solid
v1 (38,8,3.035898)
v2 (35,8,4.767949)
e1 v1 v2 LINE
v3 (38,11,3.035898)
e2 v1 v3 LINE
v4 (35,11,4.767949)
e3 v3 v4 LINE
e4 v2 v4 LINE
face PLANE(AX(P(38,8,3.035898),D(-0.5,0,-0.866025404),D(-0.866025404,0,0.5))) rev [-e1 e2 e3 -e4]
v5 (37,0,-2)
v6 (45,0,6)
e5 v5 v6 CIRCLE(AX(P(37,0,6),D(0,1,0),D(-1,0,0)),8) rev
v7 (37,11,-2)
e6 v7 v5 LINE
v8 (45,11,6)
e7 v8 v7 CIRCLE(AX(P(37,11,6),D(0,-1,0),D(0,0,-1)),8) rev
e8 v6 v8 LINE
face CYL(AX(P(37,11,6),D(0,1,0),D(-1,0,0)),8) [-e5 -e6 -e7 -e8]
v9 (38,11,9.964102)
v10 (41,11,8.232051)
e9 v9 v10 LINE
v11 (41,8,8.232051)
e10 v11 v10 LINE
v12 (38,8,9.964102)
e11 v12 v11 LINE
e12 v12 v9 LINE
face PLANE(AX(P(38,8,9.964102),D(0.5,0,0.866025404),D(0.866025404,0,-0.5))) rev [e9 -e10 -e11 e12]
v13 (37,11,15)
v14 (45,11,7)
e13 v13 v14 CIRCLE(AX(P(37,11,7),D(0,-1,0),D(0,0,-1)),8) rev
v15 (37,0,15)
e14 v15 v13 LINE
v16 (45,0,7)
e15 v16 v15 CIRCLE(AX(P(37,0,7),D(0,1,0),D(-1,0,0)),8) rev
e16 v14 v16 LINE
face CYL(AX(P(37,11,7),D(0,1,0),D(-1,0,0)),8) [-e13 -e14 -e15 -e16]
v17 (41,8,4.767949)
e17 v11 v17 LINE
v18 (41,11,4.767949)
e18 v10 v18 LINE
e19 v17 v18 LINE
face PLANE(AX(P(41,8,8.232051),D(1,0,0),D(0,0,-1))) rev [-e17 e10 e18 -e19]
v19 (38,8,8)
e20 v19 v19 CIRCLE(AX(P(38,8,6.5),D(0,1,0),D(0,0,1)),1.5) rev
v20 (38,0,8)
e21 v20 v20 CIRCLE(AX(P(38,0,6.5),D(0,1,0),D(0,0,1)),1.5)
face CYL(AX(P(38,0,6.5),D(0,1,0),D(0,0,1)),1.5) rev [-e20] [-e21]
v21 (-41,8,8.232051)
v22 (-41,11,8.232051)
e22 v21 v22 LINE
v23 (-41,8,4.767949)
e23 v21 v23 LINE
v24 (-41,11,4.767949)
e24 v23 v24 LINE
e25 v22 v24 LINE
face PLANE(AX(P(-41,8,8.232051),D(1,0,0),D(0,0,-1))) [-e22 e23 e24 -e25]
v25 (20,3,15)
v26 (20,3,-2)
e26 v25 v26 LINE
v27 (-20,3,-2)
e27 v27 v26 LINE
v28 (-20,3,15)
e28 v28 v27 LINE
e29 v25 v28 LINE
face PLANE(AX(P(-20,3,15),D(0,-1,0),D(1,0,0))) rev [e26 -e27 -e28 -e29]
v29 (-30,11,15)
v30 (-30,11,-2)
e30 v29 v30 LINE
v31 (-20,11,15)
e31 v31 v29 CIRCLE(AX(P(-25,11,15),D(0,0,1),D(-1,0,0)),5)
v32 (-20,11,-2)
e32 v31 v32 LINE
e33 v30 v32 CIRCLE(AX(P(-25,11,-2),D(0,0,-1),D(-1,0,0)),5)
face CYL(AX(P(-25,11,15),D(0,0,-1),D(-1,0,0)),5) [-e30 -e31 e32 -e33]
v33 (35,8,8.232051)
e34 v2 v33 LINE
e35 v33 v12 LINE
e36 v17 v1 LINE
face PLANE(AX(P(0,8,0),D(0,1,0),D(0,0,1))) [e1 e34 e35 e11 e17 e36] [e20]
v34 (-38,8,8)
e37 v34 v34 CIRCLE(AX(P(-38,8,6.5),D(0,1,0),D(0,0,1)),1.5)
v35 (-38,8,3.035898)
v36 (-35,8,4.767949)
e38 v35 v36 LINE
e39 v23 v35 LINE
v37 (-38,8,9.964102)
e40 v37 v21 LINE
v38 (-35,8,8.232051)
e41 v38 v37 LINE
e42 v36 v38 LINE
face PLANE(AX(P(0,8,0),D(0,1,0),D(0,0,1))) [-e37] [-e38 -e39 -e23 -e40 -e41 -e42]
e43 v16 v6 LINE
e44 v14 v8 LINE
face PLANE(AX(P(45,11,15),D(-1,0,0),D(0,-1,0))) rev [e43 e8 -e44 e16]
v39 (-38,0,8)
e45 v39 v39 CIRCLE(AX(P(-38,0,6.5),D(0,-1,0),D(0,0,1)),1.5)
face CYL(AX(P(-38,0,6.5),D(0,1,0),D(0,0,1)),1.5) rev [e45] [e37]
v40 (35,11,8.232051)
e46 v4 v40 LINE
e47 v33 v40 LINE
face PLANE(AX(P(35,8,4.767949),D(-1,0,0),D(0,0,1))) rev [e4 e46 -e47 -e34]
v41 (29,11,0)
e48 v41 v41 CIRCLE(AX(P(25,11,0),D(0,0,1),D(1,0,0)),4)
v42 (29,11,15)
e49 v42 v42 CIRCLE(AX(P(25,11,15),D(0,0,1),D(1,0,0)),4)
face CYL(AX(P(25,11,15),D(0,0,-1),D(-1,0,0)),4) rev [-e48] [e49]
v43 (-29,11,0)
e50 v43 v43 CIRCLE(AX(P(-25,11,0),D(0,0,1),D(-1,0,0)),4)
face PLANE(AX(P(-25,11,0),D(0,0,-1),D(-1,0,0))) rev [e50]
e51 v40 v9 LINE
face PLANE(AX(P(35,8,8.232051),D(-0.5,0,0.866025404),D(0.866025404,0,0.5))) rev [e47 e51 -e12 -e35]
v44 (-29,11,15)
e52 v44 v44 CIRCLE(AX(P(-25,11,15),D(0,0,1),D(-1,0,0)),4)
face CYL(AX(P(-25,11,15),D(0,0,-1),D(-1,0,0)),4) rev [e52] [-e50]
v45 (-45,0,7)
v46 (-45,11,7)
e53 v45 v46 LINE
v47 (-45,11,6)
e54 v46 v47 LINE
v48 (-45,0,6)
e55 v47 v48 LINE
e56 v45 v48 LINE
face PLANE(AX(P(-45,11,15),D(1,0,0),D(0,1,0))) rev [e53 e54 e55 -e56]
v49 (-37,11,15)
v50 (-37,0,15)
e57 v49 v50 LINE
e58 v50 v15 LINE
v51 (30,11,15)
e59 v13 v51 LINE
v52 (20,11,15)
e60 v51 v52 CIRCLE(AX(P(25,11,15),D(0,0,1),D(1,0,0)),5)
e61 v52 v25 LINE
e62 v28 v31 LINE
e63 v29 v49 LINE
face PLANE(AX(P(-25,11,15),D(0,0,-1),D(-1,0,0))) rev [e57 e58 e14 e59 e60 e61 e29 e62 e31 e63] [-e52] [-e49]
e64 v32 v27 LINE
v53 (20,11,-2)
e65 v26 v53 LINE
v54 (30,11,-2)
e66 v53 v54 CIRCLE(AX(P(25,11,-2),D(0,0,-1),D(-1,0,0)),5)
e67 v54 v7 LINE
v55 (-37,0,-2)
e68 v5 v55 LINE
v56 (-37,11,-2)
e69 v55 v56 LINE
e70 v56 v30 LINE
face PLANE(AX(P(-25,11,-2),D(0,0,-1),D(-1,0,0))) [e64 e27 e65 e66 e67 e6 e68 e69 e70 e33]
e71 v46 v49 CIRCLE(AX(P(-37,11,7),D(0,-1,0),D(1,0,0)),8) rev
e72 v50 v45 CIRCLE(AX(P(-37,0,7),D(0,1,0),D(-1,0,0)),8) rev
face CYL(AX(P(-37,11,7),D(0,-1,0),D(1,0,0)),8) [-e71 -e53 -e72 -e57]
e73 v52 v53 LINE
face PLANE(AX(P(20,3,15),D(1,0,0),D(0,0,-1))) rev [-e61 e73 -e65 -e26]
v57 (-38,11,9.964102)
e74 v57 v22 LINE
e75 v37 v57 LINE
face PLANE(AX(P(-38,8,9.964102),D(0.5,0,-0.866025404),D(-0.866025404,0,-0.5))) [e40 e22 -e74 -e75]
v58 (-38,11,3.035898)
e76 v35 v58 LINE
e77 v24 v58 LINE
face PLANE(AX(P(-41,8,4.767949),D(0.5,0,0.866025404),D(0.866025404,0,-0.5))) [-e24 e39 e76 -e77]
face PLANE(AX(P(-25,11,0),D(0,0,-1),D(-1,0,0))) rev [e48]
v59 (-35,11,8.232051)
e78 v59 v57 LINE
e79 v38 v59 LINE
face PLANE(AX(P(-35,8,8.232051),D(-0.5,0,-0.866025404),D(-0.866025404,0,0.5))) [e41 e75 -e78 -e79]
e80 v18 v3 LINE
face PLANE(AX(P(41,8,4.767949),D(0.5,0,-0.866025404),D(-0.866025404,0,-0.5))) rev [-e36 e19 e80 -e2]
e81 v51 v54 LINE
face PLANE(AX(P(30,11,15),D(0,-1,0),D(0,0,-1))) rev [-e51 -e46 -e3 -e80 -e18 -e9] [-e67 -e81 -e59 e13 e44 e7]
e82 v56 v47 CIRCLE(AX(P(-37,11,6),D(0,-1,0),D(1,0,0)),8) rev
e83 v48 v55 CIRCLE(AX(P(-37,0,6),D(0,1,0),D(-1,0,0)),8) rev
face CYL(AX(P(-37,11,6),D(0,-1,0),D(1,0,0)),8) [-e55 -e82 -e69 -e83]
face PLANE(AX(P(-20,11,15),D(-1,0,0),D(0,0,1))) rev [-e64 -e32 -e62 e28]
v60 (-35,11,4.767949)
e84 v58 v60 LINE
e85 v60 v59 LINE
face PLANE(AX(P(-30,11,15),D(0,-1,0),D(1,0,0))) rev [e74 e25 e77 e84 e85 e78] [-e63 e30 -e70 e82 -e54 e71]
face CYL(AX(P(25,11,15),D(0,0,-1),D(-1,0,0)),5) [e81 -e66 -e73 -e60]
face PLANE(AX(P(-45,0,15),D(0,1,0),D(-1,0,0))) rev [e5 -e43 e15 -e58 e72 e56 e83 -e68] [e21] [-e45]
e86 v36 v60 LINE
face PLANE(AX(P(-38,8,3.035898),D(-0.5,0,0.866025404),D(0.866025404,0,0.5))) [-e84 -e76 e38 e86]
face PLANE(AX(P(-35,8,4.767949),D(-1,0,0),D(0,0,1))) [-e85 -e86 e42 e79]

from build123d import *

# Parameters (mm, degrees)
SKETCH1_R           = 4
BOSS_EXTRUDE1_DEPTH = 15
BOSS_EXTRUDE2_START = 2
BOSS_EXTRUDE2_DEPTH = 2
SKETCH3_R           = 1.5
CUT_EXTRUDE1_DEPTH  = 49.692915296
FILLET1_R           = 8
CUT_EXTRUDE2_DEPTH  = 3


with BuildPart() as part:
    # Sketch1 → Boss-Extrude1 (new body)
    with BuildSketch(Plane.XY):
        with BuildLine():
            Line((-45, 0), (45, 0))
            Line((45, 0), (45, 11))
            Line((45, 11), (30, 11))
            ThreePointArc((30, 11), (25, 16), (20, 11))
            Line((20, 11), (20, 3))
            Line((20, 3), (-20, 3))
            Line((-20, 3), (-20, 11))
            ThreePointArc((-20, 11), (-25, 16), (-30, 11))
            Line((-30, 11), (-45, 11))
            Line((-45, 11), (-45, 0))
        make_face()
        with Locations((25, 11)):
            Circle(SKETCH1_R, mode=Mode.SUBTRACT)
        with Locations(Location((-25, 11, 0), (0, 0, 180))):
            Circle(SKETCH1_R, mode=Mode.SUBTRACT)
    extrude(amount=BOSS_EXTRUDE1_DEPTH)

    # Sketch2 → Boss-Extrude2 (add)
    with BuildSketch(Plane(origin=(0, 0, 0), x_dir=(-1, 0, 0), z_dir=(0, 0, -1)).offset(BOSS_EXTRUDE2_START)):
        with BuildLine():
            Line((-45, 11), (-45, 0))
            Line((-45, 0), (45, 0))
            Line((45, 0), (45, 11))
            Line((45, 11), (30, 11))
            ThreePointArc((30, 11), (25, 16), (20, 11))
            Line((20, 11), (20, 3))
            Line((20, 3), (-20, 3))
            Line((-20, 3), (-20, 11))
            ThreePointArc((-20, 11), (-25, 16), (-30, 11))
            Line((-30, 11), (-45, 11))
        make_face()
    extrude(amount=-BOSS_EXTRUDE2_DEPTH)

    # Sketch3 → Cut-Extrude1 (cut, through all)
    with BuildSketch(Plane(origin=(0, 11, 0), x_dir=(1, 0, 0), z_dir=(0, 1, 0))):
        with Locations(Location((38, -6.5, 0), (0, 0, 270))):
            Circle(SKETCH3_R)
    cut_extrude1 = extrude(amount=-CUT_EXTRUDE1_DEPTH, mode=Mode.SUBTRACT)

    # Mirror1: Cut-Extrude1 across plane
    add(cut_extrude1.mirror(Plane(origin=(0, 0, 0), x_dir=(0, 0, 1), z_dir=(1, 0, 0))), mode=Mode.SUBTRACT)

    # Fillet1
    fillet1_edges = [part.edges().sort_by_distance(p)[0] for p in [
        (-45, 5.5, 15),
        (45, 5.5, 15),
        (45, 5.5, -2),
        (-45, 5.5, -2),
    ]]
    fillet(fillet1_edges, radius=FILLET1_R)

    # Sketch4 → Cut-Extrude2 (cut)
    with BuildSketch(Plane(origin=(0, 11, 0), x_dir=(1, 0, 0), z_dir=(0, 1, 0))):
        Polygon((38, -3.035898385), (35, -4.767949192), (35, -8.232050808), (38, -9.964101615), (41, -8.232050808), (41, -4.767949192), align=None)
    cut_extrude2 = extrude(amount=-CUT_EXTRUDE2_DEPTH, mode=Mode.SUBTRACT)

    # Mirror3: Cut-Extrude2 across plane
    add(cut_extrude2.mirror(Plane(origin=(0, 0, 0), x_dir=(0, 0, 1), z_dir=(1, 0, 0))), mode=Mode.SUBTRACT)


solid = part.part
